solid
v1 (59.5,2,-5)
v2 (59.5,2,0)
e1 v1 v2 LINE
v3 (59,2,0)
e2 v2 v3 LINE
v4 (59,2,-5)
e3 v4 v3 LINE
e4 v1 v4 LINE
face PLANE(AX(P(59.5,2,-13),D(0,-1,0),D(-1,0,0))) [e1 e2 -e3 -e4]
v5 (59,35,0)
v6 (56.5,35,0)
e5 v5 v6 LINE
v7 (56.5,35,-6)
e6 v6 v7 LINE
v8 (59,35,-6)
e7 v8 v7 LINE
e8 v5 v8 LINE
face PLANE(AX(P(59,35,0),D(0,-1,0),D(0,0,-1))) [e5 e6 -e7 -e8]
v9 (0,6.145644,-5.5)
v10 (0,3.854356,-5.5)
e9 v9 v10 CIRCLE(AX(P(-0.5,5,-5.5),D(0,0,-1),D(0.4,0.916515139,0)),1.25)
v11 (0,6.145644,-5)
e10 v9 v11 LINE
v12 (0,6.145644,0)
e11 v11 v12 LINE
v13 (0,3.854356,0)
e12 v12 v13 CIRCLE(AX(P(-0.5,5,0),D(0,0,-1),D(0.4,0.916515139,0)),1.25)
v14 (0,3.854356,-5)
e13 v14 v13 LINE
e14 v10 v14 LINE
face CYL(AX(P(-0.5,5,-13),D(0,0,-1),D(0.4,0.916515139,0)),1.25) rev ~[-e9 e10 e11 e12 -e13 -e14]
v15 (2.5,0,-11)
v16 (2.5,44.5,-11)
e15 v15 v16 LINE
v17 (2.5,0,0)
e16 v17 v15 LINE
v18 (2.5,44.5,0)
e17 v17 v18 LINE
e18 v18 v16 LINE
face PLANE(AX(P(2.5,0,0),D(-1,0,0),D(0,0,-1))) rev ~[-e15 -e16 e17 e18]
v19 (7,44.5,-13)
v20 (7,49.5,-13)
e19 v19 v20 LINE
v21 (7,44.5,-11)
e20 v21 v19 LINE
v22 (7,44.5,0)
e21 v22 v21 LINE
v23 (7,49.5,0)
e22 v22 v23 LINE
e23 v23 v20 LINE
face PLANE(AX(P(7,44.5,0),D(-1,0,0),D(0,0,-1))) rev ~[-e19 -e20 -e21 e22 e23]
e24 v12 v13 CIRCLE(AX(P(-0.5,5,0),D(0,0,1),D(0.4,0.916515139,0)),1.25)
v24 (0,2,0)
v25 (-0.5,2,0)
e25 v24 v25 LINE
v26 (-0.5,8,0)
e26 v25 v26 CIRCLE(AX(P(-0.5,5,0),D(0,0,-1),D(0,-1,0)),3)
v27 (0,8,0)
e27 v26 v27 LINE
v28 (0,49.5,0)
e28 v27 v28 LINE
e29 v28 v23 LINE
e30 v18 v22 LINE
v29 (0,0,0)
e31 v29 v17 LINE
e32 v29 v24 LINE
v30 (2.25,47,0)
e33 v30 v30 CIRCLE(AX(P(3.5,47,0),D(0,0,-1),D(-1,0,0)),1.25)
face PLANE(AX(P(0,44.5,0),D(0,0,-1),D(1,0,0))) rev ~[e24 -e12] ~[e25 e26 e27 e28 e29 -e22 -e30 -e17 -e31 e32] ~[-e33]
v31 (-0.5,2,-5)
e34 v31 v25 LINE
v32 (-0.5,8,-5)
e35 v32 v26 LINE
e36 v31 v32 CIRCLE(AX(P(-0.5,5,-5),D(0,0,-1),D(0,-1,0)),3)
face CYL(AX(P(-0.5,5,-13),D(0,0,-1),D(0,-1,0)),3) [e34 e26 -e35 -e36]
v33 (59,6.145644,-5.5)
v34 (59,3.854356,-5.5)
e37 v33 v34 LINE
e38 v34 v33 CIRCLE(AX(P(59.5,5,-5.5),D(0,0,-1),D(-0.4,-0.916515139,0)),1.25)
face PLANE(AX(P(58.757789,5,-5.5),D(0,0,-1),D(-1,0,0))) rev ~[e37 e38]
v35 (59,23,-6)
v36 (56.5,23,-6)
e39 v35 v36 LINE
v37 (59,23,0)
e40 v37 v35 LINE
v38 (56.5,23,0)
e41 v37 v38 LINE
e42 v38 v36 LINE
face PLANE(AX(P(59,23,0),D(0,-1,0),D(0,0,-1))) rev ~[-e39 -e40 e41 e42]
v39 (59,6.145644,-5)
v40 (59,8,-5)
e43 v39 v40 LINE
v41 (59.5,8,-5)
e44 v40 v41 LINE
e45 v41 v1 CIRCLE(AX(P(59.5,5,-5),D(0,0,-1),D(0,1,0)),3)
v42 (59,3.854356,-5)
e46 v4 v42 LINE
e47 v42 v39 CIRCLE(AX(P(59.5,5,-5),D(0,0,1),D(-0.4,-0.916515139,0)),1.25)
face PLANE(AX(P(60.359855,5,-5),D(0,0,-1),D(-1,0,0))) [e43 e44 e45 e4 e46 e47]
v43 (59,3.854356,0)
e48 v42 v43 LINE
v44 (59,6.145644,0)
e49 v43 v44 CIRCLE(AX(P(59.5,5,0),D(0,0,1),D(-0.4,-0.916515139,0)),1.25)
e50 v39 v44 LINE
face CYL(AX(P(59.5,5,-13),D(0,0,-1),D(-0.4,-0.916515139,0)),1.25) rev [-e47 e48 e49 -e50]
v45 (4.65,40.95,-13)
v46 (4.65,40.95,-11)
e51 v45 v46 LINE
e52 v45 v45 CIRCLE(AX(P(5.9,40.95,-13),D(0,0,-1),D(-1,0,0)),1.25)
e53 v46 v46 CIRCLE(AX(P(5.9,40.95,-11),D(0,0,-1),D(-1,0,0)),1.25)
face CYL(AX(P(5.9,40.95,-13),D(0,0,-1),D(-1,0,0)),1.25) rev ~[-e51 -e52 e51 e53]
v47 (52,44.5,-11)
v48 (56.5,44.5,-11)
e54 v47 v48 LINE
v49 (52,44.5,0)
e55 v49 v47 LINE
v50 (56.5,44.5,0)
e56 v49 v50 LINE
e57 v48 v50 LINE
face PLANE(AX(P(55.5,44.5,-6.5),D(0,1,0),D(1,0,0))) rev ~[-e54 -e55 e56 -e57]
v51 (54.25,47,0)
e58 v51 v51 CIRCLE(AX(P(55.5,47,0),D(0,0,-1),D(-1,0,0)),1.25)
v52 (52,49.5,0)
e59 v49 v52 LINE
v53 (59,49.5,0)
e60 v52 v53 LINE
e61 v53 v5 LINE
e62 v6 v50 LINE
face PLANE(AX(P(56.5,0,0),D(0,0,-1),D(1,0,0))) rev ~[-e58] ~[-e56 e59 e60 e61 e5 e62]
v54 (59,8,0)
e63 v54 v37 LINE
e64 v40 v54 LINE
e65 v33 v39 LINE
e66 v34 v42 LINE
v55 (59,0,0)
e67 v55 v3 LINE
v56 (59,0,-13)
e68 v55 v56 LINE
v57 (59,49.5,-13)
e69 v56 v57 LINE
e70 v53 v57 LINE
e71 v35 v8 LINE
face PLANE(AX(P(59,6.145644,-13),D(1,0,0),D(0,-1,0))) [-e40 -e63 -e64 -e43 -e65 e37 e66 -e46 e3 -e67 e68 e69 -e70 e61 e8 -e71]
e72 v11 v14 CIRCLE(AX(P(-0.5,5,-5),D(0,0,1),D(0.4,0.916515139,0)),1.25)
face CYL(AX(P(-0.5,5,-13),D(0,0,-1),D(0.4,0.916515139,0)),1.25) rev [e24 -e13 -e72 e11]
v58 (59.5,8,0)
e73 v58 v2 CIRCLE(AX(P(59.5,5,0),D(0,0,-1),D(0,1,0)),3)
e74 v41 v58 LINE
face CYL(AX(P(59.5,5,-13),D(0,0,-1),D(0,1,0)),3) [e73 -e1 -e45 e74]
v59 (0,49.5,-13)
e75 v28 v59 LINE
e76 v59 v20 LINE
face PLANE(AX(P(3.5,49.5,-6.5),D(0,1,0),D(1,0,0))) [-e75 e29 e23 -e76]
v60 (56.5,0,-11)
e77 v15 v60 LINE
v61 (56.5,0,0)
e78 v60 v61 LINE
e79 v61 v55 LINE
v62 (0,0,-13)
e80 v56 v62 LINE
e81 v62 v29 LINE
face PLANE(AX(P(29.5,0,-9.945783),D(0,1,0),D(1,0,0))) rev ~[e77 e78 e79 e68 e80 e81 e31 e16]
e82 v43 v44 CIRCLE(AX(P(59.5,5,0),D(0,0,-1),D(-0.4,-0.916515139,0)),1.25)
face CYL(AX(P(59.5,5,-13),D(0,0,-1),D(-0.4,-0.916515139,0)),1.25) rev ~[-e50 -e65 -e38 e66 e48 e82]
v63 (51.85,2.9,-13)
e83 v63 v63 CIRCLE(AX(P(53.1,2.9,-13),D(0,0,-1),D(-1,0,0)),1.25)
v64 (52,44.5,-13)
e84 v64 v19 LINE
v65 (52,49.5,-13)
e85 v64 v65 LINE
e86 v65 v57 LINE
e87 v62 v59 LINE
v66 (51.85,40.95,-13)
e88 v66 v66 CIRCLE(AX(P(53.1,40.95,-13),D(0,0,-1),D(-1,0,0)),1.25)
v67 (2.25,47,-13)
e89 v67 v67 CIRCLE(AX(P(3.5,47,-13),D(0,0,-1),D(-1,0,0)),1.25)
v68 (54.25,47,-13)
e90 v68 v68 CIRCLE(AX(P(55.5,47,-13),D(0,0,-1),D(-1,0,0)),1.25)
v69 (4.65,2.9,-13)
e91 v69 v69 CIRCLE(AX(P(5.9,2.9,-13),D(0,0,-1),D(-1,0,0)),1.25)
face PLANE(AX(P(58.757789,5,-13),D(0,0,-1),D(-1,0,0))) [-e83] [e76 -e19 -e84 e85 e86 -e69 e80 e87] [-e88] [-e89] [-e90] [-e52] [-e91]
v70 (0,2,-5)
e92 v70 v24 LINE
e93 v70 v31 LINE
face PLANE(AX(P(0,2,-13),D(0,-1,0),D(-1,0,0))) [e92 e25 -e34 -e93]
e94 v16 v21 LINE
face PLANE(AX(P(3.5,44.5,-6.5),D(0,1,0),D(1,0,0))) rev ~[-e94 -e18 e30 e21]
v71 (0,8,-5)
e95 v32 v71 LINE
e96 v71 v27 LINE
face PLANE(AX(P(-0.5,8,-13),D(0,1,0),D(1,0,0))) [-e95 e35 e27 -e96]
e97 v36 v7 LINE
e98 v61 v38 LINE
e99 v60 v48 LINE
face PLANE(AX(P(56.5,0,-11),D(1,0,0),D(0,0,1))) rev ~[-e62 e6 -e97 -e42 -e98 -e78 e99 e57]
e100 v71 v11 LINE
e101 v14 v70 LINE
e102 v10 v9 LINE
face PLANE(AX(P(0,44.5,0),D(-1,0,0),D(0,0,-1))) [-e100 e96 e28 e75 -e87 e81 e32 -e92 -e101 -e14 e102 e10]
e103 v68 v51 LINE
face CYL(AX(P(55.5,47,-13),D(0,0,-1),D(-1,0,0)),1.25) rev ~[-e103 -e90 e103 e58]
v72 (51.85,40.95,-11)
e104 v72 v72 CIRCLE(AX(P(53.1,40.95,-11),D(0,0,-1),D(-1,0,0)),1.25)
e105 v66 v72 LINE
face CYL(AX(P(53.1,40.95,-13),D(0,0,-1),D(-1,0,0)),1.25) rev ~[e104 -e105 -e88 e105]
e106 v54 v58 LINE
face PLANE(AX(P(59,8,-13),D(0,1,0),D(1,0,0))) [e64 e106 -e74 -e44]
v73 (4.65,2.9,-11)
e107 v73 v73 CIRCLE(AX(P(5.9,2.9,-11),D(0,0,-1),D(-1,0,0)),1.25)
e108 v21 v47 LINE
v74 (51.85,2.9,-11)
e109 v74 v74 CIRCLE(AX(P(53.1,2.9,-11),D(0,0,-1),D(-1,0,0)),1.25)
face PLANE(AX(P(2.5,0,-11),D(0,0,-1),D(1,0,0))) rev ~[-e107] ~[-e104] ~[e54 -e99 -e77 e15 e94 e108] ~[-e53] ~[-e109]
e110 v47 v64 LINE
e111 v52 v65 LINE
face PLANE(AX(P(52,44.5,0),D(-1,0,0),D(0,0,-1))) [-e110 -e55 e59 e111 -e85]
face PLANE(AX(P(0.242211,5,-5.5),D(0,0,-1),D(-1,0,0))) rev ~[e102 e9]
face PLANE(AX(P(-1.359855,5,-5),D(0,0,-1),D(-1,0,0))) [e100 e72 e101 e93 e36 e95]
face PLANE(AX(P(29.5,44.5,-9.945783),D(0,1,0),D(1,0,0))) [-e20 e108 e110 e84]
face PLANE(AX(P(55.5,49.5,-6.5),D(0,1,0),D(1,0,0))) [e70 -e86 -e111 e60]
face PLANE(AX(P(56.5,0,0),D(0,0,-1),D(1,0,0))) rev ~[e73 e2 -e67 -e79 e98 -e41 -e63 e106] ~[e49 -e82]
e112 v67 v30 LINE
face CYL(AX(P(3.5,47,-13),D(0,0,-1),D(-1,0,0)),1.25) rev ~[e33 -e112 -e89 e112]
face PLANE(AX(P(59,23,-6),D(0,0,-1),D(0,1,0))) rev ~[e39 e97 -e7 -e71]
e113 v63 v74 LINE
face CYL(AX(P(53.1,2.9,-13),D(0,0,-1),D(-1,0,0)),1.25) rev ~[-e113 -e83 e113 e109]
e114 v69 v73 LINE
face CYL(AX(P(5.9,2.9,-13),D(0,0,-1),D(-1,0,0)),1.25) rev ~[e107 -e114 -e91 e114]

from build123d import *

# Parameters (mm, degrees)
BOSS_EXTRUDE1_DEPTH = 44.5
SKETCH2_W           = 6
SKETCH2_H           = 12
CUT_EXTRUDE1_DEPTH  = 10
BOSS_EXTRUDE2_DEPTH = 13
CUT_EXTRUDE2_DEPTH  = 13
SKETCH4_W           = 7
SKETCH4_H           = 13
BOSS_EXTRUDE3_DEPTH = 5
SKETCH5_R           = 1.25
CUT_EXTRUDE3_DEPTH  = 81.78056697
SKETCH7_R           = 1.25
CUT_EXTRUDE4_DEPTH  = 10
CUT_EXTRUDE6_DEPTH  = 8
BOSS_EXTRUDE4_DEPTH = 7.5


with BuildPart() as part:
    # Sketch1 → Boss-Extrude1 (new body)
    with BuildSketch(Plane(origin=(0, 0, 0), x_dir=(1, 0, 0), z_dir=(0, 1, 0))):
        Polygon((0, 0), (2.5, 0), (2.5, 11), (56.5, 11), (56.5, 0), (59, 0), (59, 13), (0, 13), align=None)
    extrude(amount=BOSS_EXTRUDE1_DEPTH)

    # Sketch2 → Cut-Extrude1 (cut)
    with BuildSketch(Plane(origin=(59, 0, 0), x_dir=(0, 0, -1), z_dir=(1, 0, 0))):
        with Locations((3, 29)):
            Rectangle(SKETCH2_W, SKETCH2_H)
    extrude(amount=-CUT_EXTRUDE1_DEPTH, mode=Mode.SUBTRACT)

    # Sketch3 → Boss-Extrude2 (add)
    with BuildSketch(Plane(origin=(0, 0, -13), x_dir=(-1, 0, 0), z_dir=(0, 0, -1))):
        with BuildLine():
            Line((-59, 6.145643924), (-59, 8))
            Line((-59, 8), (-59.5, 8))
            ThreePointArc((-59.5, 8), (-62.5, 5), (-59.5, 2))
            Line((-59.5, 2), (-59, 2))
            Line((-59, 2), (-59, 3.854356076))
            ThreePointArc((-59, 3.854356076), (-60.75, 5), (-59, 6.145643924))
        make_face()
        with BuildLine():
            Line((0.5, 8), (0, 8))
            Line((0, 8), (0, 6.145643924))
            ThreePointArc((0, 6.145643924), (1.75, 5), (0, 3.854356076))
            Line((0, 3.854356076), (0, 2))
            Line((0, 2), (0.5, 2))
            ThreePointArc((0.5, 2), (3.5, 5), (0.5, 8))
        make_face()
    extrude(amount=-BOSS_EXTRUDE2_DEPTH)

    # Sketch3<3> → Cut-Extrude2 (cut)
    with BuildSketch(Plane(origin=(0, 0, -13), x_dir=(-1, 0, 0), z_dir=(0, 0, -1))):
        with BuildLine():
            ThreePointArc((-59, 3.854356076), (-58.25, 5), (-59, 6.145643924))
            Line((-59, 6.145643924), (-59, 3.854356076))
        make_face()
        with BuildLine():
            Line((0, 3.854356076), (0, 6.145643924))
            ThreePointArc((0, 6.145643924), (-0.75, 5), (0, 3.854356076))
        make_face()
    extrude(amount=-CUT_EXTRUDE2_DEPTH, mode=Mode.SUBTRACT)

    # Sketch4 → Boss-Extrude3 (add)
    with BuildSketch(Plane(origin=(0, 44.5, 0), x_dir=(1, 0, 0), z_dir=(0, 1, 0))):
        with Locations((3.5, 6.5)):
            Rectangle(SKETCH4_W, SKETCH4_H)
        with Locations((55.5, 6.5)):
            Rectangle(SKETCH4_W, SKETCH4_H)
    extrude(amount=BOSS_EXTRUDE3_DEPTH)

    # Sketch5 → Cut-Extrude3 (cut, through all)
    with BuildSketch(Plane(origin=(0, 0, -13), x_dir=(-1, 0, 0), z_dir=(0, 0, -1))):
        with Locations((-55.5, 47)):
            Circle(SKETCH5_R)
        with Locations((-3.5, 47)):
            Circle(SKETCH5_R)
        with Locations((-6, 73.35)):
            Circle(SKETCH5_R)
        with Locations((-53, 73.35)):
            Circle(SKETCH5_R)
    extrude(amount=-CUT_EXTRUDE3_DEPTH, mode=Mode.SUBTRACT)

    # Sketch7 → Cut-Extrude4 (cut)
    with BuildSketch(Plane(origin=(0, 0, -13), x_dir=(-1, 0, 0), z_dir=(0, 0, -1))):
        with Locations((-5.9, 2.9)):
            Circle(SKETCH7_R)
        with Locations((-53.1, 2.9)):
            Circle(SKETCH7_R)
        with Locations((-53.1, 40.95)):
            Circle(SKETCH7_R)
        with Locations((-5.9, 40.95)):
            Circle(SKETCH7_R)
    extrude(amount=-CUT_EXTRUDE4_DEPTH, mode=Mode.SUBTRACT)

    # Sketch3<4> → Cut-Extrude6 (cut)
    with BuildSketch(Plane(origin=(0, 0, -13), x_dir=(-1, 0, 0), z_dir=(0, 0, -1))):
        with BuildLine():
            Line((-59, 6.145643924), (-59, 8))
            Line((-59, 8), (-59.5, 8))
            ThreePointArc((-59.5, 8), (-62.5, 5), (-59.5, 2))
            Line((-59.5, 2), (-59, 2))
            Line((-59, 2), (-59, 3.854356076))
            ThreePointArc((-59, 3.854356076), (-60.75, 5), (-59, 6.145643924))
        make_face()
        with BuildLine():
            Line((0.5, 8), (0, 8))
            Line((0, 8), (0, 6.145643924))
            ThreePointArc((0, 6.145643924), (1.75, 5), (0, 3.854356076))
            Line((0, 3.854356076), (0, 2))
            Line((0, 2), (0.5, 2))
            ThreePointArc((0.5, 2), (3.5, 5), (0.5, 8))
        make_face()
    extrude(amount=-CUT_EXTRUDE6_DEPTH, mode=Mode.SUBTRACT)

    # Sketch3<5> → Boss-Extrude4 (add)
    with BuildSketch(Plane(origin=(0, 0, -13), x_dir=(-1, 0, 0), z_dir=(0, 0, -1))):
        with BuildLine():
            ThreePointArc((-59, 3.854356076), (-58.25, 5), (-59, 6.145643924))
            Line((-59, 6.145643924), (-59, 3.854356076))
        make_face()
        with BuildLine():
            Line((0, 3.854356076), (0, 6.145643924))
            ThreePointArc((0, 6.145643924), (-0.75, 5), (0, 3.854356076))
        make_face()
    extrude(amount=-BOSS_EXTRUDE4_DEPTH)


solid = part.part
